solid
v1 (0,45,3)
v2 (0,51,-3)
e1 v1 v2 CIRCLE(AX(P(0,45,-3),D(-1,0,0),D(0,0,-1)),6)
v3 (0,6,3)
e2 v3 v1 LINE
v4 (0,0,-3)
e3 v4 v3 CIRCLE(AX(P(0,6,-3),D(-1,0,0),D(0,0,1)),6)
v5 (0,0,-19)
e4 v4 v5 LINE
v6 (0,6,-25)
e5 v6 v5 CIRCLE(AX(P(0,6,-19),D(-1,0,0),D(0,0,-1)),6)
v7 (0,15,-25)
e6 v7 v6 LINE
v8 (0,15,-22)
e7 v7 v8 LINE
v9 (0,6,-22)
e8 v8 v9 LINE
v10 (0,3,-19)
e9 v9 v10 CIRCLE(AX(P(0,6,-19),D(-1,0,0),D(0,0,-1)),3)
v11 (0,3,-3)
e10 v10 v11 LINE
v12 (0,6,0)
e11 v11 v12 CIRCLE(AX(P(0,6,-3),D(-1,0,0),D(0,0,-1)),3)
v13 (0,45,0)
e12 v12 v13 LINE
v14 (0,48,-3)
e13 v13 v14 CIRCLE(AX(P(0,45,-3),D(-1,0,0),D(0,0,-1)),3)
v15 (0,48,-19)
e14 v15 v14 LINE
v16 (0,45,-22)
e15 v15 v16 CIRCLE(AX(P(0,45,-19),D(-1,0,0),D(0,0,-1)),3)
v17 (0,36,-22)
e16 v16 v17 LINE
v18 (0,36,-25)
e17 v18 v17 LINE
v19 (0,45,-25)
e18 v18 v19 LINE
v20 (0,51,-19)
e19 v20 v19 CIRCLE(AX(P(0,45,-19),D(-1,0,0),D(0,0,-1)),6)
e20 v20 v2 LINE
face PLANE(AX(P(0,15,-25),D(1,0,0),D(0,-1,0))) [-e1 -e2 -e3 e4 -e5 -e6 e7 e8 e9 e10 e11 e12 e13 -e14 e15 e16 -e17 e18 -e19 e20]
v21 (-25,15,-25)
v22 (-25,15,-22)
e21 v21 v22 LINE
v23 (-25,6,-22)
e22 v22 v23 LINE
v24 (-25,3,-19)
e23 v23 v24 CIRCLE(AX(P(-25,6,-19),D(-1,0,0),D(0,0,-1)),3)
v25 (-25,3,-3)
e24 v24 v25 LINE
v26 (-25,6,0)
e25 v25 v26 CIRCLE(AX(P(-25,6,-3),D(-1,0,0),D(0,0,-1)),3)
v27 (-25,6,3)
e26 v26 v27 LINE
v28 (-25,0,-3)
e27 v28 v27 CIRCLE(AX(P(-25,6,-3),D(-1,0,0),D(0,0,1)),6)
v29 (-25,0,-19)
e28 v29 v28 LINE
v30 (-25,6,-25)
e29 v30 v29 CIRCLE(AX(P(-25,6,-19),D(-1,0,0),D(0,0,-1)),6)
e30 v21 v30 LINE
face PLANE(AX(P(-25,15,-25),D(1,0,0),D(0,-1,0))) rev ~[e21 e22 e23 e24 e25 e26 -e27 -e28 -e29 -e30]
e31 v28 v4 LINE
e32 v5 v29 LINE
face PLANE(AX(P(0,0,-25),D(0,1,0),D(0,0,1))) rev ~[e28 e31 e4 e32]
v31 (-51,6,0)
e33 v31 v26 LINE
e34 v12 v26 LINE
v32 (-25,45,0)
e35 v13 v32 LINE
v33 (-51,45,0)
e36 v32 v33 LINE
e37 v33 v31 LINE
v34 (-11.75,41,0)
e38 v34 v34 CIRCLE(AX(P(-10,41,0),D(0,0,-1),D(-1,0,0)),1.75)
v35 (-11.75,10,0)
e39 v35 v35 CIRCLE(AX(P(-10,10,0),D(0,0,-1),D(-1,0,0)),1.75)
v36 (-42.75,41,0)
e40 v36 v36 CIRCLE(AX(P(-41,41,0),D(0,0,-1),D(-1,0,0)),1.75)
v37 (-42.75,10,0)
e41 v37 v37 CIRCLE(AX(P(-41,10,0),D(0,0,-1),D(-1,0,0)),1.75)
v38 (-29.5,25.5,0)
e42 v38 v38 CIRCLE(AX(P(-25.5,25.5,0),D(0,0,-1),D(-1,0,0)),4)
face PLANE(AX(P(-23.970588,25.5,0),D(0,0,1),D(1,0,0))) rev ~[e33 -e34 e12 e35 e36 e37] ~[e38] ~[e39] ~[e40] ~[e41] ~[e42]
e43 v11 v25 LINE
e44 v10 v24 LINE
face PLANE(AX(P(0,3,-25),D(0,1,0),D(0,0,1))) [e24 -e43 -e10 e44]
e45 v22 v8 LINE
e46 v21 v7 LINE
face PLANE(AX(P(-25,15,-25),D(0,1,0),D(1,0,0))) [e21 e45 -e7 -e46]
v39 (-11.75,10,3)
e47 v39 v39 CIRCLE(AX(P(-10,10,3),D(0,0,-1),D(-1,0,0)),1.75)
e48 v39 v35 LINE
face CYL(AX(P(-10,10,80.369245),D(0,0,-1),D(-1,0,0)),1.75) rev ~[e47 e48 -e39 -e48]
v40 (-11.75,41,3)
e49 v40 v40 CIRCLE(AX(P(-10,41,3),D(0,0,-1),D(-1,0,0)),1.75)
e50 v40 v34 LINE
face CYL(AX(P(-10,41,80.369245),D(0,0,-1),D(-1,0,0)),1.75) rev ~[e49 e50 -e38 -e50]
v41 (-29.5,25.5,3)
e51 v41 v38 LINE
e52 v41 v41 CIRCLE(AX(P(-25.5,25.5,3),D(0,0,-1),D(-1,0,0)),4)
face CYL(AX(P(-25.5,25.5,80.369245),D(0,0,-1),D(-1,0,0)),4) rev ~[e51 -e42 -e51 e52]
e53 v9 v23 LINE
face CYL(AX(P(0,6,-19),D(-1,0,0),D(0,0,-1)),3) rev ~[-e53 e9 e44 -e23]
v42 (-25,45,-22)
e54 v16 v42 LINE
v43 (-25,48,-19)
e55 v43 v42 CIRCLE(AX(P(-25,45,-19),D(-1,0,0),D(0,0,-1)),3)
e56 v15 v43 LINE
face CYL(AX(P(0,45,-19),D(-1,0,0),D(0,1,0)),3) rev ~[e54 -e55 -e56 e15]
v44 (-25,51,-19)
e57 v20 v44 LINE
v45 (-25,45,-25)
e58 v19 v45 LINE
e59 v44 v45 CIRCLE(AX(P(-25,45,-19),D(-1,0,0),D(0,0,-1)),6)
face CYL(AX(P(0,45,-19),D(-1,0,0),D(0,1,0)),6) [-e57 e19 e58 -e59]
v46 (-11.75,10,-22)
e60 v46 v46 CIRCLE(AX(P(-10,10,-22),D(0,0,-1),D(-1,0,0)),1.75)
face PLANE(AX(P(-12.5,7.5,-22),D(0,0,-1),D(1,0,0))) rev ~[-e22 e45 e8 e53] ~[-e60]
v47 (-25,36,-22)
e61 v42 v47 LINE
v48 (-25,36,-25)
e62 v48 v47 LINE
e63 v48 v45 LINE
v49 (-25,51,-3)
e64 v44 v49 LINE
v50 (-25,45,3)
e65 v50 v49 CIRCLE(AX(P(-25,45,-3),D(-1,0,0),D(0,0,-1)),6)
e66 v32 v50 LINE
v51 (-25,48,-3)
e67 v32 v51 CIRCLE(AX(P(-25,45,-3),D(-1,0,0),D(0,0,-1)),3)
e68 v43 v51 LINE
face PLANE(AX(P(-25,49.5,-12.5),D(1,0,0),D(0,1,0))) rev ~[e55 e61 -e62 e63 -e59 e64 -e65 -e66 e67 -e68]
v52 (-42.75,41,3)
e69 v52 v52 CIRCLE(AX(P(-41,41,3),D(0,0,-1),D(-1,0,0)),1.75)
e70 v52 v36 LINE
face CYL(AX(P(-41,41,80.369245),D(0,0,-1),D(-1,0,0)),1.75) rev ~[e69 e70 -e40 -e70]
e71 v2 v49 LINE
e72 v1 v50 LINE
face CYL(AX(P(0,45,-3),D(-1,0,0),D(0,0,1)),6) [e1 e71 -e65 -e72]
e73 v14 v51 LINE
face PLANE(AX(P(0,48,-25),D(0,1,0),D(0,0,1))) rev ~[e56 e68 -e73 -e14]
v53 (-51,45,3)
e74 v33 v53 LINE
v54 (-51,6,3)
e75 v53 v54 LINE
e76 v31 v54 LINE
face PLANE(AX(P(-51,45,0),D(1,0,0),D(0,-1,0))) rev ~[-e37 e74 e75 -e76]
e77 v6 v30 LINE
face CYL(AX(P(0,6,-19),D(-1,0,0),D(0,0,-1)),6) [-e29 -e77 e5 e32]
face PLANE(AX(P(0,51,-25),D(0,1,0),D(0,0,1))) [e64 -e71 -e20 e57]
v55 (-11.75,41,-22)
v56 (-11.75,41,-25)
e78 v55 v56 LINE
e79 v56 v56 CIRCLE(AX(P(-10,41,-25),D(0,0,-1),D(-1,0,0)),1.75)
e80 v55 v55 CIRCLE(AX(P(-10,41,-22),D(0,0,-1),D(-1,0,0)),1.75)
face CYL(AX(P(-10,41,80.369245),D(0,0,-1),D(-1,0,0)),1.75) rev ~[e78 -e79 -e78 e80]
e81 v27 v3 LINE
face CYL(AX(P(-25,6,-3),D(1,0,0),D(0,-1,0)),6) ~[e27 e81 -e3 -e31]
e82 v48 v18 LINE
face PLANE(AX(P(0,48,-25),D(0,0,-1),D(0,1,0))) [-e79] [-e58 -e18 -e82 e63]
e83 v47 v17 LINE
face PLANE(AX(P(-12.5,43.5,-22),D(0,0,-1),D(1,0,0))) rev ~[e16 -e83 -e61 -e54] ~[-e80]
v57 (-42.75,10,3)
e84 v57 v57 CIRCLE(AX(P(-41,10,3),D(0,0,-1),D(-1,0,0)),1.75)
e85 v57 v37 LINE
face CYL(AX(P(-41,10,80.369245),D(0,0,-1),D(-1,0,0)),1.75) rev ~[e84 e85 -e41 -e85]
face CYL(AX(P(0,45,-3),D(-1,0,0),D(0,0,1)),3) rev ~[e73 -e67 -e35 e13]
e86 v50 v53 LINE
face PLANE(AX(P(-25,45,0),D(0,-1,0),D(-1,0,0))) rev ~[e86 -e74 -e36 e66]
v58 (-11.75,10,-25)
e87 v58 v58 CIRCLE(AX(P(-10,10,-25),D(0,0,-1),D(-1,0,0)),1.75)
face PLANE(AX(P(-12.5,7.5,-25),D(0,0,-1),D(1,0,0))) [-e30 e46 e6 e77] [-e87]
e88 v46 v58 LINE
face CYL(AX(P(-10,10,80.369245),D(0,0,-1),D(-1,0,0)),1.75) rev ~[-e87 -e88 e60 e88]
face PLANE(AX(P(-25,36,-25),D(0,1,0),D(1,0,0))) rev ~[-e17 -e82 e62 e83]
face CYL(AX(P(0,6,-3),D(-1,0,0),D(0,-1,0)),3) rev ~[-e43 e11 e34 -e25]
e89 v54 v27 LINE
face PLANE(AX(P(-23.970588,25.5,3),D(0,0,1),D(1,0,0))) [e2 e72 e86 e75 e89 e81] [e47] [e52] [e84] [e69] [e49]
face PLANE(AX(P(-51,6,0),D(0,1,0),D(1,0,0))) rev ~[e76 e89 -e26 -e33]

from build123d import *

# Parameters (mm, degrees)
F1_DEPTH = 3
F2_W     = 3
F2_H     = 25
F3_DEPTH = 25
F4_W     = 3
F4_H     = 25
F5_DEPTH = 25
F6_W     = 25
F6_H     = 15
F7_DEPTH = 3
F8_W     = 25
F8_H     = 15
F9_DEPTH = 3
F11_D    = 3.5
F13_D    = 8
F14_R    = 3
F15_R    = 6


with BuildPart() as f1:
    # F0 (on Top) → F1 (new body)
    with BuildSketch(Plane.XY):
        Polygon((-25, 0), (0, 0), (0, 51), (-25, 51), (-25, 45), (-51, 45), (-51, 6), (-25, 6), align=None)
    extrude(amount=F1_DEPTH)

    # F2 (on Right) → F3 (join)
    with BuildSketch(Plane.YZ):
        with Locations((1.5, -12.5)):
            Rectangle(F2_W, F2_H)
    extrude(amount=-F3_DEPTH)

    # F4 (on Right) → F5 (join)
    with BuildSketch(Plane.YZ):
        with Locations((49.5, -12.5)):
            Rectangle(F4_W, F4_H)
    extrude(amount=-F5_DEPTH)

    # F6 (on face) → F7 (join)
    with BuildSketch(Plane(origin=(0, 0, -25), x_dir=(1, 0, 0), z_dir=(0, 0, -1))):
        with Locations((-12.5, -7.5)):
            Rectangle(F6_W, F6_H)
    extrude(amount=-F7_DEPTH)

    # F8 (on face) → F9 (join)
    with BuildSketch(Plane(origin=(0, 0, -25), x_dir=(1, 0, 0), z_dir=(0, 0, -1))):
        with Locations((-12.5, -43.5)):
            Rectangle(F8_W, F8_H)
    extrude(amount=-F9_DEPTH)

    # F11 (through all)
    with Locations(Plane.XY.offset(3)):
        with Locations((-41, 41), (-10, 41), (-10, 10), (-41, 10)):
            Hole(F11_D / 2)

    # F13 (through all)
    with Locations(Plane.XY.offset(3)):
        with Locations((-25.5, 25.5)):
            Hole(F13_D / 2)

    # F14
    f14_edges = [f1.edges().sort_by_distance(p)[0] for p in [
        (-12.5, 3, 0),
        (-12.5, 48, 0),
        (-12.5, 48, -22),
        (-12.5, 3, -22),
    ]]
    fillet(f14_edges, radius=F14_R)

    # F15
    f15_edges = [f1.edges().sort_by_distance(p)[0] for p in [
        (-12.5, 0, 3),
        (-12.5, 0, -25),
        (-12.5, 51, 3),
        (-12.5, 51, -25),
    ]]
    fillet(f15_edges, radius=F15_R)


solid = f1.part
